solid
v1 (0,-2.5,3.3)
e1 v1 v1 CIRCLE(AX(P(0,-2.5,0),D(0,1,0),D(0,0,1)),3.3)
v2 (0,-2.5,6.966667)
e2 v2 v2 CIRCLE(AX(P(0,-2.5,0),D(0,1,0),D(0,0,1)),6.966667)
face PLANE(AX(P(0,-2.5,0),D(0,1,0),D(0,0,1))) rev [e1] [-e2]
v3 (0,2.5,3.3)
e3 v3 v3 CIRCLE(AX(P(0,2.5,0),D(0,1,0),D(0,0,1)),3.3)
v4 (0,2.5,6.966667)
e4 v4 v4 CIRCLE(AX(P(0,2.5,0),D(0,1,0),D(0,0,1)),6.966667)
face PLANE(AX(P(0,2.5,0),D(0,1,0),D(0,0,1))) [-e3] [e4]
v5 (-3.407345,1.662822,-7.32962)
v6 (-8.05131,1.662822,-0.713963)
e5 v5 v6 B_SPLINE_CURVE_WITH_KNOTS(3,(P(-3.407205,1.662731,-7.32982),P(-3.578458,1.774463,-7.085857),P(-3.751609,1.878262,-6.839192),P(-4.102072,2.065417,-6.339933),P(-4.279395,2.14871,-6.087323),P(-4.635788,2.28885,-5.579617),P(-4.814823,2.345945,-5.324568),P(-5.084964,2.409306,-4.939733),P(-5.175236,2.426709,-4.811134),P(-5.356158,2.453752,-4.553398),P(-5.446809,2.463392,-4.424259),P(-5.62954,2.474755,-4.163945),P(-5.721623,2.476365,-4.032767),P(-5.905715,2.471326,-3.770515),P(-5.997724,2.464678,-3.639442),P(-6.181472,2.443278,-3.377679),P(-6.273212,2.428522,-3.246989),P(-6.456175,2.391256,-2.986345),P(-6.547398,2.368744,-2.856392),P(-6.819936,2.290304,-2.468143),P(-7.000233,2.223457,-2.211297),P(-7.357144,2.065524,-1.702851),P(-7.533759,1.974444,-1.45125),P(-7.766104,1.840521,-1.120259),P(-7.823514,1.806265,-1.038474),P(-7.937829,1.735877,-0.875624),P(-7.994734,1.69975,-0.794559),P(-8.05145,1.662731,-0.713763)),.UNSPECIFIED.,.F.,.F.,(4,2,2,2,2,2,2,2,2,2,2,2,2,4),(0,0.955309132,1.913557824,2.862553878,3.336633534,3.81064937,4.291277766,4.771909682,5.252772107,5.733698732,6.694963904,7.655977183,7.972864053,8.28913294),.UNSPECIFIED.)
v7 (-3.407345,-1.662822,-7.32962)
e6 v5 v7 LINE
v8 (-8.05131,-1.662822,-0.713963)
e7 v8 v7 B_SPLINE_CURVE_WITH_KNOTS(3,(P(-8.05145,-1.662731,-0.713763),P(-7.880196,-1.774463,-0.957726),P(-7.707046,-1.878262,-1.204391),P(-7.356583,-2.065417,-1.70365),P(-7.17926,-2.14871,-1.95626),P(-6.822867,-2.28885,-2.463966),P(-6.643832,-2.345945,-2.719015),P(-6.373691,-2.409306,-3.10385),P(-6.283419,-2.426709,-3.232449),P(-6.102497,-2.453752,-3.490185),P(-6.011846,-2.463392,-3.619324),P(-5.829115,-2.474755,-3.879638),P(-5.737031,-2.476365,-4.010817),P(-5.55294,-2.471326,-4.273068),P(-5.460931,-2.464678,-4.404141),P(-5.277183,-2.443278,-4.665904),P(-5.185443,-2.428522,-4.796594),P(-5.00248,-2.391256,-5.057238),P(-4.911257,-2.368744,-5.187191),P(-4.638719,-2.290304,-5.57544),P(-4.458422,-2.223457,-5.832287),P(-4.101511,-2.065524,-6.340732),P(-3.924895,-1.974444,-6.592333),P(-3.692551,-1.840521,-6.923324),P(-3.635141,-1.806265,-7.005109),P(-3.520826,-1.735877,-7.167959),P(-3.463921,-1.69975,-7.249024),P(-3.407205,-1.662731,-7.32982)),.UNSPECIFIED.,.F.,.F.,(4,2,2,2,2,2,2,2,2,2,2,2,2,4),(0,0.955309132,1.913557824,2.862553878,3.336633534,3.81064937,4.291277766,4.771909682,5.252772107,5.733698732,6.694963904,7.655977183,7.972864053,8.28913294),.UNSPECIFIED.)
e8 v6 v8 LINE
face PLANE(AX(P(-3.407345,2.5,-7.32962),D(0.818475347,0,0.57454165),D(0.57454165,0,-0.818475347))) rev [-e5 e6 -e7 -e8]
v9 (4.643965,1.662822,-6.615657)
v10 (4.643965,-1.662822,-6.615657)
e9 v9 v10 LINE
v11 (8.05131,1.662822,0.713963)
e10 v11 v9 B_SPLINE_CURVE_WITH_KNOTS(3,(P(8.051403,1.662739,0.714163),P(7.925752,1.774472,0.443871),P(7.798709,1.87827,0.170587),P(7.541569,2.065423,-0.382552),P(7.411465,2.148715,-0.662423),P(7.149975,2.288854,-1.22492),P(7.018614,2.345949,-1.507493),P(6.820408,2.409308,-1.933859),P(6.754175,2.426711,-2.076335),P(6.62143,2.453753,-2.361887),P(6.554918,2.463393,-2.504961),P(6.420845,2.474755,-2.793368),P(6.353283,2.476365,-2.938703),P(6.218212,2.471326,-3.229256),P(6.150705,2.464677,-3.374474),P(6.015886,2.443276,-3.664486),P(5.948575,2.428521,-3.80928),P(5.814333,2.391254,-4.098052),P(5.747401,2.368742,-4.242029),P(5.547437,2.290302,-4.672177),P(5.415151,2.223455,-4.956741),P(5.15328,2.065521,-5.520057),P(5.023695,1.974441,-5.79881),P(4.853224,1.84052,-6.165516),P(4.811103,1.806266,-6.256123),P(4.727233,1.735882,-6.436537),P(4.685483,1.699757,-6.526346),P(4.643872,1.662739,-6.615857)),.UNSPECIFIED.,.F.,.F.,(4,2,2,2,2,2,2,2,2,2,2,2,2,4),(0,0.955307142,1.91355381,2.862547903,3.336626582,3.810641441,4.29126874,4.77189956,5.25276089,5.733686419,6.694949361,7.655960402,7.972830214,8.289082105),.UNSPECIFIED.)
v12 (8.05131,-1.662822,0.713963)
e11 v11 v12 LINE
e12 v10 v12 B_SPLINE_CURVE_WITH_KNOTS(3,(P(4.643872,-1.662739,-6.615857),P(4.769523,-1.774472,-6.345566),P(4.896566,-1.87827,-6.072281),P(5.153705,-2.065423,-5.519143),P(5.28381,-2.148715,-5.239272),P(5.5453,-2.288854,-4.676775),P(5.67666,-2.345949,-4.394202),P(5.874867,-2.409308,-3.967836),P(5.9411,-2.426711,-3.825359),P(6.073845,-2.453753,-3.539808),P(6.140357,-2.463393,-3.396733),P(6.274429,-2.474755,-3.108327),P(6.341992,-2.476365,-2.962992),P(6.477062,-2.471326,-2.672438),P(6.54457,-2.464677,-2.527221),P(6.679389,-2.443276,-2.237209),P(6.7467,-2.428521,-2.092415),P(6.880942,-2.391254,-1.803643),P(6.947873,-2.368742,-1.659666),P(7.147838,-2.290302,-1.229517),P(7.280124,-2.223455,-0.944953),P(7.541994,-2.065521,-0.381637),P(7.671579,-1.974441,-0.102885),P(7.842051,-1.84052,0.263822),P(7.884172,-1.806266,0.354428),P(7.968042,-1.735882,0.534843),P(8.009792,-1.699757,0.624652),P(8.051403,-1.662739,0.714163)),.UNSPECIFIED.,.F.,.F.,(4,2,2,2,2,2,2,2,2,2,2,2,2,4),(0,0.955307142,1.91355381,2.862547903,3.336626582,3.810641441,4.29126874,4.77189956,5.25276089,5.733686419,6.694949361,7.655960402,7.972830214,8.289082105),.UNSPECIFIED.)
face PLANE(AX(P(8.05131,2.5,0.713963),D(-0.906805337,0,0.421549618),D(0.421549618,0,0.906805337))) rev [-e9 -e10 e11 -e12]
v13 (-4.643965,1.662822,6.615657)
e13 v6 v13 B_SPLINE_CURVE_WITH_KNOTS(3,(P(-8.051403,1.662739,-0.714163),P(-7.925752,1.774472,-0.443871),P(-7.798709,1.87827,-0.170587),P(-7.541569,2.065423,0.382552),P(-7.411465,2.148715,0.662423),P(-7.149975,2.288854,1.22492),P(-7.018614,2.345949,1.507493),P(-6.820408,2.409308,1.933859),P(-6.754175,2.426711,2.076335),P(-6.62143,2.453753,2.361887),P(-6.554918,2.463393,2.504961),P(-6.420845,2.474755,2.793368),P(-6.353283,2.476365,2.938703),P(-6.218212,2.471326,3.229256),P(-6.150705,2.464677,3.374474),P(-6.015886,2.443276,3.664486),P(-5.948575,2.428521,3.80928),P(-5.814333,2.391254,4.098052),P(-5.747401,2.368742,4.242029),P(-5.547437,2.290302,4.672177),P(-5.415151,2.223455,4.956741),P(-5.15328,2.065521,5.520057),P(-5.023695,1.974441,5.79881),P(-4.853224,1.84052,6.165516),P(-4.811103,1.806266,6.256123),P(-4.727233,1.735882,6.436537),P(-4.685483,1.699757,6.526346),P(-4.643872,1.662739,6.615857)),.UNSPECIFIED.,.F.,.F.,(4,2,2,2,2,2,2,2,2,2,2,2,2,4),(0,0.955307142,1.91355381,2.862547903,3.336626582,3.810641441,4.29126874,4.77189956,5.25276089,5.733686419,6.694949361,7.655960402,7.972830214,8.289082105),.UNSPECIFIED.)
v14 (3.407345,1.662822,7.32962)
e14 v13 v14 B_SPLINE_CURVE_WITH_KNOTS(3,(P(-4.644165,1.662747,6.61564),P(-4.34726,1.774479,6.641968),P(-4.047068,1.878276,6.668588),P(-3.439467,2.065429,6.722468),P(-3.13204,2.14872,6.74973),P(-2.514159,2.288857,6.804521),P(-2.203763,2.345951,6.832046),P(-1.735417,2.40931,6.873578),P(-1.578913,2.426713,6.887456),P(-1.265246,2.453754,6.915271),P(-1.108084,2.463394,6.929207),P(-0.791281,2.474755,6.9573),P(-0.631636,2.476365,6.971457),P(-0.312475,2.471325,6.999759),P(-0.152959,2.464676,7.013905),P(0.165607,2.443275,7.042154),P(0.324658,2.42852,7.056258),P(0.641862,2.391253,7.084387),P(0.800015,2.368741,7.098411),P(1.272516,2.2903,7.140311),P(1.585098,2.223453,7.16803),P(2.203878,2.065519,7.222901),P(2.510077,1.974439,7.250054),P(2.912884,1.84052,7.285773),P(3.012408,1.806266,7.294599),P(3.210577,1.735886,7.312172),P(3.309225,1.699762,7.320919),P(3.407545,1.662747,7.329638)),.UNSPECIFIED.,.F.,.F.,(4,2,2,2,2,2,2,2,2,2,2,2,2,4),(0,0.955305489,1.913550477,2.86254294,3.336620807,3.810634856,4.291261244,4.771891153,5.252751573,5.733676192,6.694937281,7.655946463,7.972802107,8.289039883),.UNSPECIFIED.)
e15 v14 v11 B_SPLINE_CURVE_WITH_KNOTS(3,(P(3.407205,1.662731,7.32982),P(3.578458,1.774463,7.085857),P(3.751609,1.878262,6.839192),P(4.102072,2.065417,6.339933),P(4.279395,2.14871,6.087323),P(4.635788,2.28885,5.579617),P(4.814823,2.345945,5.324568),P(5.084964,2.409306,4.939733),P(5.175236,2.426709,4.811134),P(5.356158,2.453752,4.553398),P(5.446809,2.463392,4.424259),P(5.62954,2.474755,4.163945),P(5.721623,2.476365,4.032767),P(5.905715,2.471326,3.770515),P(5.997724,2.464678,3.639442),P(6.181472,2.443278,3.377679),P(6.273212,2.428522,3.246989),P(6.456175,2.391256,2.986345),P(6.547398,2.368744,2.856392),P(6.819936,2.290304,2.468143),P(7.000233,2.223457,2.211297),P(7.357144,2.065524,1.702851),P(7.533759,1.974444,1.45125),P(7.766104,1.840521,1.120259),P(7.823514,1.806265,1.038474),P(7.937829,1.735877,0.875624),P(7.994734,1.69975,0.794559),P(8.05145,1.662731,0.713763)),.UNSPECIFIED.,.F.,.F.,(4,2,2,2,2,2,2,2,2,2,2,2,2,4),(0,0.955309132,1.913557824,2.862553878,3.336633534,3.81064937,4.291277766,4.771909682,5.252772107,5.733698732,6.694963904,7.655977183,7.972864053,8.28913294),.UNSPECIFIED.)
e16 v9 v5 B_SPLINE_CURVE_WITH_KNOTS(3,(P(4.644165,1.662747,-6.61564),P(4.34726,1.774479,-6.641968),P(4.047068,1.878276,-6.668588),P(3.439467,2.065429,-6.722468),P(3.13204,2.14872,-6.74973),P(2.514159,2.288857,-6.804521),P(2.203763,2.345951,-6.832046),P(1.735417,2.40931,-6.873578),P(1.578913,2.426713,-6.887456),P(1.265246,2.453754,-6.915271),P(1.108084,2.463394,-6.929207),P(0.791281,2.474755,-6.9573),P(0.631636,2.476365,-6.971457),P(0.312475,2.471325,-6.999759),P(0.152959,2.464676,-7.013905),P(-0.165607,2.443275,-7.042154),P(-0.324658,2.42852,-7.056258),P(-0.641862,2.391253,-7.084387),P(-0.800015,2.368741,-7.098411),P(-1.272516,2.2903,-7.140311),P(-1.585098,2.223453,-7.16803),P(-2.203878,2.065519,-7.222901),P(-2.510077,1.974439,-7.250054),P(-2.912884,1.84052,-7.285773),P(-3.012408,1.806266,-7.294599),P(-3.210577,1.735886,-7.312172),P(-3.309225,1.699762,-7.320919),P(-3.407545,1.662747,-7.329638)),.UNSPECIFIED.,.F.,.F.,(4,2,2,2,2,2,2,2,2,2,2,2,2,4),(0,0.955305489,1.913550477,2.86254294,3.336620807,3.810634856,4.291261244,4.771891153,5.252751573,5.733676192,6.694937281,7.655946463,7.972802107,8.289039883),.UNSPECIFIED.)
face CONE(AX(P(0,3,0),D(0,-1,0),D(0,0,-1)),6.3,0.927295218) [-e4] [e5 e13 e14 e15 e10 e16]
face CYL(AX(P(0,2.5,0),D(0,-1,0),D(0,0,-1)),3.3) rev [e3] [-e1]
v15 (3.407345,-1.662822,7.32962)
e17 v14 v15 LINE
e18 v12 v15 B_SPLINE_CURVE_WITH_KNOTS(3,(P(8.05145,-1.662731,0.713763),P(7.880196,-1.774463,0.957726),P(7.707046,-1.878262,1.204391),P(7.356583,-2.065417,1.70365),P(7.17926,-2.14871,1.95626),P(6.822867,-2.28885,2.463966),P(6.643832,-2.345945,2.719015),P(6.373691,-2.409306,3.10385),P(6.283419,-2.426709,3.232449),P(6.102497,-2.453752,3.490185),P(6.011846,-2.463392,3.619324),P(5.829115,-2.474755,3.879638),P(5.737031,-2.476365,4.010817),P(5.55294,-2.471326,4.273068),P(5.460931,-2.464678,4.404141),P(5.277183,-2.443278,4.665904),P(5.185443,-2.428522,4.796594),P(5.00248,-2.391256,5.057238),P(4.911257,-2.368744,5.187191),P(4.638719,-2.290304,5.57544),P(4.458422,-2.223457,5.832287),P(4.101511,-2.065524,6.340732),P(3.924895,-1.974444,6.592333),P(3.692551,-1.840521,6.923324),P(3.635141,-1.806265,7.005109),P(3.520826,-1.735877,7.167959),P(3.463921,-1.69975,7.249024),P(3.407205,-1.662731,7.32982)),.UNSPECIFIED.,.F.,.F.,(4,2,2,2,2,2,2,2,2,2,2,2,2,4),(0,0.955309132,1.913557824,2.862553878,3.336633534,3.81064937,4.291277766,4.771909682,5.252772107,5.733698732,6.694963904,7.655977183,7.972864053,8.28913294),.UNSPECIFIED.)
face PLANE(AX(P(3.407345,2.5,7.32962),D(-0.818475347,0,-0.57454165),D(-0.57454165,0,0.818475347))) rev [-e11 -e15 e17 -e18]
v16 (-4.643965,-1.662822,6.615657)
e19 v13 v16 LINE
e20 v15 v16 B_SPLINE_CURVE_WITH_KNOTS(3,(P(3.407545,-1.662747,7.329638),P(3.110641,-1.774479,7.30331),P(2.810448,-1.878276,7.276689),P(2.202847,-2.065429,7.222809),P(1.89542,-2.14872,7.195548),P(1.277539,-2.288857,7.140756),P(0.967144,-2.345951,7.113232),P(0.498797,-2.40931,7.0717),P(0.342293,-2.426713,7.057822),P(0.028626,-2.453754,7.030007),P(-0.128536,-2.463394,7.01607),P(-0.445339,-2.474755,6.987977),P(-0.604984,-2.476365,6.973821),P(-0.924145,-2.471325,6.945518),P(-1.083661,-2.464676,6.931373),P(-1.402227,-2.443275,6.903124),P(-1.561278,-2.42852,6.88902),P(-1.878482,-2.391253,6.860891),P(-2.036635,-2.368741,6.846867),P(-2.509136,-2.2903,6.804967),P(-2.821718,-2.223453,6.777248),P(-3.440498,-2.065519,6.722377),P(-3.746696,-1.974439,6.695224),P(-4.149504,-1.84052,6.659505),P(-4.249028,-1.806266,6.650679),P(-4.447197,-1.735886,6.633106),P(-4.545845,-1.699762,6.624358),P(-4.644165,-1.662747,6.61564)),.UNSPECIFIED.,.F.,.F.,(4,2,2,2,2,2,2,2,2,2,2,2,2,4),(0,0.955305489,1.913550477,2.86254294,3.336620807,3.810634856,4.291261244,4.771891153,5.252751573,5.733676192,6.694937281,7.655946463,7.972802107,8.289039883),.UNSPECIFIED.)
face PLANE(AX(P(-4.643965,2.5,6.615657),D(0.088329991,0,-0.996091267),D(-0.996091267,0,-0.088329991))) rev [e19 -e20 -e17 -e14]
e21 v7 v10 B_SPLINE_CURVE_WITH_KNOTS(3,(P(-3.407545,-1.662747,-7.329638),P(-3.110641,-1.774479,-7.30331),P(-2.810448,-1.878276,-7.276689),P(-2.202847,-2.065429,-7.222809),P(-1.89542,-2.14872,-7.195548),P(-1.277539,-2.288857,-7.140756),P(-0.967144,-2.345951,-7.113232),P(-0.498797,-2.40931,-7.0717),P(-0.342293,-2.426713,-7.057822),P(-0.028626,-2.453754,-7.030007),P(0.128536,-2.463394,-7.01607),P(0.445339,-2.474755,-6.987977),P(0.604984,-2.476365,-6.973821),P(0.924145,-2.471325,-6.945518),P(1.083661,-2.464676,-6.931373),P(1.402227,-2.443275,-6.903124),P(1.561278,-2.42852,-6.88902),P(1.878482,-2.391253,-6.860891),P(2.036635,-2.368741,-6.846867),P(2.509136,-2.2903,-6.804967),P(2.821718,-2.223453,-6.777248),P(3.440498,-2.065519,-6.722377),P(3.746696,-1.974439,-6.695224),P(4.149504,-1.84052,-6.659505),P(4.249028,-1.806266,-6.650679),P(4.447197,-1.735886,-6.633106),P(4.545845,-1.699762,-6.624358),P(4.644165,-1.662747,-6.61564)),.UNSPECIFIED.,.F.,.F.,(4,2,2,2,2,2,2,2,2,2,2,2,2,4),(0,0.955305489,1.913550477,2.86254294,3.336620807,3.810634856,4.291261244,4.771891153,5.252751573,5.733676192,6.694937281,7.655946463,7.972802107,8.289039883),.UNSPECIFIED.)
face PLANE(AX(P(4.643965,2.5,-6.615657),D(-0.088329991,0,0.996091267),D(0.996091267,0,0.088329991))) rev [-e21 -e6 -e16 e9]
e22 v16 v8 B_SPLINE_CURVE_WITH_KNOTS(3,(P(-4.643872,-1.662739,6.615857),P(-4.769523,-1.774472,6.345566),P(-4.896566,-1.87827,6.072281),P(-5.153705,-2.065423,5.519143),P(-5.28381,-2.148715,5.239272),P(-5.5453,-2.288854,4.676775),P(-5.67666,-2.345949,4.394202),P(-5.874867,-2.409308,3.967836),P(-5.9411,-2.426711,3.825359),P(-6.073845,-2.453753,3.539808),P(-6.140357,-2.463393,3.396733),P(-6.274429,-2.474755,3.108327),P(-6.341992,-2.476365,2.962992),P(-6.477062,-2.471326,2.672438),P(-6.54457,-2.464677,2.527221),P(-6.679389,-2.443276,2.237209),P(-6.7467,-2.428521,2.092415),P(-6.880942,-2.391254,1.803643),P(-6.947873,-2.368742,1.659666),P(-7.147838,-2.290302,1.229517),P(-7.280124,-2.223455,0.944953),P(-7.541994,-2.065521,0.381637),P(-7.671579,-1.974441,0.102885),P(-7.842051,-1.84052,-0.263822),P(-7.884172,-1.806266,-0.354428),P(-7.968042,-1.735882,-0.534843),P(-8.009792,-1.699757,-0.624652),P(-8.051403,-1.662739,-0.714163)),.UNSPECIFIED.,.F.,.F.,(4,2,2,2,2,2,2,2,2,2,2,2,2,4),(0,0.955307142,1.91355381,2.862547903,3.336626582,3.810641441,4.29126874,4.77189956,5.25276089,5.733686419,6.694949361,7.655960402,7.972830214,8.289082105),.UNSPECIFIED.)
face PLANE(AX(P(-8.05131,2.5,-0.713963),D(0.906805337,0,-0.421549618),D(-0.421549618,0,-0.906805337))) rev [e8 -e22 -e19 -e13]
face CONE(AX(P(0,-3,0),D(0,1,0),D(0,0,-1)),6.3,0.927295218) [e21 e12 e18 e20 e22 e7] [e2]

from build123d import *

# Parameters (mm, degrees)
SKETCH1_R           = 3.3
BOSS_EXTRUDE1_DEPTH = 2.5


with BuildPart() as part:
    # Sketch1 → Boss-Extrude1 (new, symmetric)
    with BuildSketch(Plane(origin=(0, 0, 0), x_dir=(1, 0, 0), z_dir=(0, 1, 0))):
        Polygon((8.051309858, -0.713962815), (4.643964864, 6.615657463), (-3.407344994, 7.329620279), (-8.051309858, 0.713962815), (-4.643964864, -6.615657463), (3.407344994, -7.329620279), align=None)
        with Locations(Location((0, 0, 0), (0, 0, 270))):
            Circle(SKETCH1_R, mode=Mode.SUBTRACT)
    extrude(amount=BOSS_EXTRUDE1_DEPTH, both=True)

    # Sketch2 → Cut-Revolve1 (revolve, cut)
    with BuildSketch(Plane.XY, mode=Mode.PRIVATE) as cut_revolve1_sk:
        Polygon((6.3, 3), (8.3, 3), (8.3, 1.5), align=None)
    cut_revolve1 = revolve(cut_revolve1_sk.sketch.rotate(Axis((0, 3.572353643, 0), (0, -1, 0)), 245.067539953), axis=Axis((0, 3.572353643, 0), (0, -1, 0)), mode=Mode.SUBTRACT)

    # Mirror1: Cut-Revolve1 across plane
    add(cut_revolve1.mirror(Plane.ZX), mode=Mode.SUBTRACT)


solid = part.part
